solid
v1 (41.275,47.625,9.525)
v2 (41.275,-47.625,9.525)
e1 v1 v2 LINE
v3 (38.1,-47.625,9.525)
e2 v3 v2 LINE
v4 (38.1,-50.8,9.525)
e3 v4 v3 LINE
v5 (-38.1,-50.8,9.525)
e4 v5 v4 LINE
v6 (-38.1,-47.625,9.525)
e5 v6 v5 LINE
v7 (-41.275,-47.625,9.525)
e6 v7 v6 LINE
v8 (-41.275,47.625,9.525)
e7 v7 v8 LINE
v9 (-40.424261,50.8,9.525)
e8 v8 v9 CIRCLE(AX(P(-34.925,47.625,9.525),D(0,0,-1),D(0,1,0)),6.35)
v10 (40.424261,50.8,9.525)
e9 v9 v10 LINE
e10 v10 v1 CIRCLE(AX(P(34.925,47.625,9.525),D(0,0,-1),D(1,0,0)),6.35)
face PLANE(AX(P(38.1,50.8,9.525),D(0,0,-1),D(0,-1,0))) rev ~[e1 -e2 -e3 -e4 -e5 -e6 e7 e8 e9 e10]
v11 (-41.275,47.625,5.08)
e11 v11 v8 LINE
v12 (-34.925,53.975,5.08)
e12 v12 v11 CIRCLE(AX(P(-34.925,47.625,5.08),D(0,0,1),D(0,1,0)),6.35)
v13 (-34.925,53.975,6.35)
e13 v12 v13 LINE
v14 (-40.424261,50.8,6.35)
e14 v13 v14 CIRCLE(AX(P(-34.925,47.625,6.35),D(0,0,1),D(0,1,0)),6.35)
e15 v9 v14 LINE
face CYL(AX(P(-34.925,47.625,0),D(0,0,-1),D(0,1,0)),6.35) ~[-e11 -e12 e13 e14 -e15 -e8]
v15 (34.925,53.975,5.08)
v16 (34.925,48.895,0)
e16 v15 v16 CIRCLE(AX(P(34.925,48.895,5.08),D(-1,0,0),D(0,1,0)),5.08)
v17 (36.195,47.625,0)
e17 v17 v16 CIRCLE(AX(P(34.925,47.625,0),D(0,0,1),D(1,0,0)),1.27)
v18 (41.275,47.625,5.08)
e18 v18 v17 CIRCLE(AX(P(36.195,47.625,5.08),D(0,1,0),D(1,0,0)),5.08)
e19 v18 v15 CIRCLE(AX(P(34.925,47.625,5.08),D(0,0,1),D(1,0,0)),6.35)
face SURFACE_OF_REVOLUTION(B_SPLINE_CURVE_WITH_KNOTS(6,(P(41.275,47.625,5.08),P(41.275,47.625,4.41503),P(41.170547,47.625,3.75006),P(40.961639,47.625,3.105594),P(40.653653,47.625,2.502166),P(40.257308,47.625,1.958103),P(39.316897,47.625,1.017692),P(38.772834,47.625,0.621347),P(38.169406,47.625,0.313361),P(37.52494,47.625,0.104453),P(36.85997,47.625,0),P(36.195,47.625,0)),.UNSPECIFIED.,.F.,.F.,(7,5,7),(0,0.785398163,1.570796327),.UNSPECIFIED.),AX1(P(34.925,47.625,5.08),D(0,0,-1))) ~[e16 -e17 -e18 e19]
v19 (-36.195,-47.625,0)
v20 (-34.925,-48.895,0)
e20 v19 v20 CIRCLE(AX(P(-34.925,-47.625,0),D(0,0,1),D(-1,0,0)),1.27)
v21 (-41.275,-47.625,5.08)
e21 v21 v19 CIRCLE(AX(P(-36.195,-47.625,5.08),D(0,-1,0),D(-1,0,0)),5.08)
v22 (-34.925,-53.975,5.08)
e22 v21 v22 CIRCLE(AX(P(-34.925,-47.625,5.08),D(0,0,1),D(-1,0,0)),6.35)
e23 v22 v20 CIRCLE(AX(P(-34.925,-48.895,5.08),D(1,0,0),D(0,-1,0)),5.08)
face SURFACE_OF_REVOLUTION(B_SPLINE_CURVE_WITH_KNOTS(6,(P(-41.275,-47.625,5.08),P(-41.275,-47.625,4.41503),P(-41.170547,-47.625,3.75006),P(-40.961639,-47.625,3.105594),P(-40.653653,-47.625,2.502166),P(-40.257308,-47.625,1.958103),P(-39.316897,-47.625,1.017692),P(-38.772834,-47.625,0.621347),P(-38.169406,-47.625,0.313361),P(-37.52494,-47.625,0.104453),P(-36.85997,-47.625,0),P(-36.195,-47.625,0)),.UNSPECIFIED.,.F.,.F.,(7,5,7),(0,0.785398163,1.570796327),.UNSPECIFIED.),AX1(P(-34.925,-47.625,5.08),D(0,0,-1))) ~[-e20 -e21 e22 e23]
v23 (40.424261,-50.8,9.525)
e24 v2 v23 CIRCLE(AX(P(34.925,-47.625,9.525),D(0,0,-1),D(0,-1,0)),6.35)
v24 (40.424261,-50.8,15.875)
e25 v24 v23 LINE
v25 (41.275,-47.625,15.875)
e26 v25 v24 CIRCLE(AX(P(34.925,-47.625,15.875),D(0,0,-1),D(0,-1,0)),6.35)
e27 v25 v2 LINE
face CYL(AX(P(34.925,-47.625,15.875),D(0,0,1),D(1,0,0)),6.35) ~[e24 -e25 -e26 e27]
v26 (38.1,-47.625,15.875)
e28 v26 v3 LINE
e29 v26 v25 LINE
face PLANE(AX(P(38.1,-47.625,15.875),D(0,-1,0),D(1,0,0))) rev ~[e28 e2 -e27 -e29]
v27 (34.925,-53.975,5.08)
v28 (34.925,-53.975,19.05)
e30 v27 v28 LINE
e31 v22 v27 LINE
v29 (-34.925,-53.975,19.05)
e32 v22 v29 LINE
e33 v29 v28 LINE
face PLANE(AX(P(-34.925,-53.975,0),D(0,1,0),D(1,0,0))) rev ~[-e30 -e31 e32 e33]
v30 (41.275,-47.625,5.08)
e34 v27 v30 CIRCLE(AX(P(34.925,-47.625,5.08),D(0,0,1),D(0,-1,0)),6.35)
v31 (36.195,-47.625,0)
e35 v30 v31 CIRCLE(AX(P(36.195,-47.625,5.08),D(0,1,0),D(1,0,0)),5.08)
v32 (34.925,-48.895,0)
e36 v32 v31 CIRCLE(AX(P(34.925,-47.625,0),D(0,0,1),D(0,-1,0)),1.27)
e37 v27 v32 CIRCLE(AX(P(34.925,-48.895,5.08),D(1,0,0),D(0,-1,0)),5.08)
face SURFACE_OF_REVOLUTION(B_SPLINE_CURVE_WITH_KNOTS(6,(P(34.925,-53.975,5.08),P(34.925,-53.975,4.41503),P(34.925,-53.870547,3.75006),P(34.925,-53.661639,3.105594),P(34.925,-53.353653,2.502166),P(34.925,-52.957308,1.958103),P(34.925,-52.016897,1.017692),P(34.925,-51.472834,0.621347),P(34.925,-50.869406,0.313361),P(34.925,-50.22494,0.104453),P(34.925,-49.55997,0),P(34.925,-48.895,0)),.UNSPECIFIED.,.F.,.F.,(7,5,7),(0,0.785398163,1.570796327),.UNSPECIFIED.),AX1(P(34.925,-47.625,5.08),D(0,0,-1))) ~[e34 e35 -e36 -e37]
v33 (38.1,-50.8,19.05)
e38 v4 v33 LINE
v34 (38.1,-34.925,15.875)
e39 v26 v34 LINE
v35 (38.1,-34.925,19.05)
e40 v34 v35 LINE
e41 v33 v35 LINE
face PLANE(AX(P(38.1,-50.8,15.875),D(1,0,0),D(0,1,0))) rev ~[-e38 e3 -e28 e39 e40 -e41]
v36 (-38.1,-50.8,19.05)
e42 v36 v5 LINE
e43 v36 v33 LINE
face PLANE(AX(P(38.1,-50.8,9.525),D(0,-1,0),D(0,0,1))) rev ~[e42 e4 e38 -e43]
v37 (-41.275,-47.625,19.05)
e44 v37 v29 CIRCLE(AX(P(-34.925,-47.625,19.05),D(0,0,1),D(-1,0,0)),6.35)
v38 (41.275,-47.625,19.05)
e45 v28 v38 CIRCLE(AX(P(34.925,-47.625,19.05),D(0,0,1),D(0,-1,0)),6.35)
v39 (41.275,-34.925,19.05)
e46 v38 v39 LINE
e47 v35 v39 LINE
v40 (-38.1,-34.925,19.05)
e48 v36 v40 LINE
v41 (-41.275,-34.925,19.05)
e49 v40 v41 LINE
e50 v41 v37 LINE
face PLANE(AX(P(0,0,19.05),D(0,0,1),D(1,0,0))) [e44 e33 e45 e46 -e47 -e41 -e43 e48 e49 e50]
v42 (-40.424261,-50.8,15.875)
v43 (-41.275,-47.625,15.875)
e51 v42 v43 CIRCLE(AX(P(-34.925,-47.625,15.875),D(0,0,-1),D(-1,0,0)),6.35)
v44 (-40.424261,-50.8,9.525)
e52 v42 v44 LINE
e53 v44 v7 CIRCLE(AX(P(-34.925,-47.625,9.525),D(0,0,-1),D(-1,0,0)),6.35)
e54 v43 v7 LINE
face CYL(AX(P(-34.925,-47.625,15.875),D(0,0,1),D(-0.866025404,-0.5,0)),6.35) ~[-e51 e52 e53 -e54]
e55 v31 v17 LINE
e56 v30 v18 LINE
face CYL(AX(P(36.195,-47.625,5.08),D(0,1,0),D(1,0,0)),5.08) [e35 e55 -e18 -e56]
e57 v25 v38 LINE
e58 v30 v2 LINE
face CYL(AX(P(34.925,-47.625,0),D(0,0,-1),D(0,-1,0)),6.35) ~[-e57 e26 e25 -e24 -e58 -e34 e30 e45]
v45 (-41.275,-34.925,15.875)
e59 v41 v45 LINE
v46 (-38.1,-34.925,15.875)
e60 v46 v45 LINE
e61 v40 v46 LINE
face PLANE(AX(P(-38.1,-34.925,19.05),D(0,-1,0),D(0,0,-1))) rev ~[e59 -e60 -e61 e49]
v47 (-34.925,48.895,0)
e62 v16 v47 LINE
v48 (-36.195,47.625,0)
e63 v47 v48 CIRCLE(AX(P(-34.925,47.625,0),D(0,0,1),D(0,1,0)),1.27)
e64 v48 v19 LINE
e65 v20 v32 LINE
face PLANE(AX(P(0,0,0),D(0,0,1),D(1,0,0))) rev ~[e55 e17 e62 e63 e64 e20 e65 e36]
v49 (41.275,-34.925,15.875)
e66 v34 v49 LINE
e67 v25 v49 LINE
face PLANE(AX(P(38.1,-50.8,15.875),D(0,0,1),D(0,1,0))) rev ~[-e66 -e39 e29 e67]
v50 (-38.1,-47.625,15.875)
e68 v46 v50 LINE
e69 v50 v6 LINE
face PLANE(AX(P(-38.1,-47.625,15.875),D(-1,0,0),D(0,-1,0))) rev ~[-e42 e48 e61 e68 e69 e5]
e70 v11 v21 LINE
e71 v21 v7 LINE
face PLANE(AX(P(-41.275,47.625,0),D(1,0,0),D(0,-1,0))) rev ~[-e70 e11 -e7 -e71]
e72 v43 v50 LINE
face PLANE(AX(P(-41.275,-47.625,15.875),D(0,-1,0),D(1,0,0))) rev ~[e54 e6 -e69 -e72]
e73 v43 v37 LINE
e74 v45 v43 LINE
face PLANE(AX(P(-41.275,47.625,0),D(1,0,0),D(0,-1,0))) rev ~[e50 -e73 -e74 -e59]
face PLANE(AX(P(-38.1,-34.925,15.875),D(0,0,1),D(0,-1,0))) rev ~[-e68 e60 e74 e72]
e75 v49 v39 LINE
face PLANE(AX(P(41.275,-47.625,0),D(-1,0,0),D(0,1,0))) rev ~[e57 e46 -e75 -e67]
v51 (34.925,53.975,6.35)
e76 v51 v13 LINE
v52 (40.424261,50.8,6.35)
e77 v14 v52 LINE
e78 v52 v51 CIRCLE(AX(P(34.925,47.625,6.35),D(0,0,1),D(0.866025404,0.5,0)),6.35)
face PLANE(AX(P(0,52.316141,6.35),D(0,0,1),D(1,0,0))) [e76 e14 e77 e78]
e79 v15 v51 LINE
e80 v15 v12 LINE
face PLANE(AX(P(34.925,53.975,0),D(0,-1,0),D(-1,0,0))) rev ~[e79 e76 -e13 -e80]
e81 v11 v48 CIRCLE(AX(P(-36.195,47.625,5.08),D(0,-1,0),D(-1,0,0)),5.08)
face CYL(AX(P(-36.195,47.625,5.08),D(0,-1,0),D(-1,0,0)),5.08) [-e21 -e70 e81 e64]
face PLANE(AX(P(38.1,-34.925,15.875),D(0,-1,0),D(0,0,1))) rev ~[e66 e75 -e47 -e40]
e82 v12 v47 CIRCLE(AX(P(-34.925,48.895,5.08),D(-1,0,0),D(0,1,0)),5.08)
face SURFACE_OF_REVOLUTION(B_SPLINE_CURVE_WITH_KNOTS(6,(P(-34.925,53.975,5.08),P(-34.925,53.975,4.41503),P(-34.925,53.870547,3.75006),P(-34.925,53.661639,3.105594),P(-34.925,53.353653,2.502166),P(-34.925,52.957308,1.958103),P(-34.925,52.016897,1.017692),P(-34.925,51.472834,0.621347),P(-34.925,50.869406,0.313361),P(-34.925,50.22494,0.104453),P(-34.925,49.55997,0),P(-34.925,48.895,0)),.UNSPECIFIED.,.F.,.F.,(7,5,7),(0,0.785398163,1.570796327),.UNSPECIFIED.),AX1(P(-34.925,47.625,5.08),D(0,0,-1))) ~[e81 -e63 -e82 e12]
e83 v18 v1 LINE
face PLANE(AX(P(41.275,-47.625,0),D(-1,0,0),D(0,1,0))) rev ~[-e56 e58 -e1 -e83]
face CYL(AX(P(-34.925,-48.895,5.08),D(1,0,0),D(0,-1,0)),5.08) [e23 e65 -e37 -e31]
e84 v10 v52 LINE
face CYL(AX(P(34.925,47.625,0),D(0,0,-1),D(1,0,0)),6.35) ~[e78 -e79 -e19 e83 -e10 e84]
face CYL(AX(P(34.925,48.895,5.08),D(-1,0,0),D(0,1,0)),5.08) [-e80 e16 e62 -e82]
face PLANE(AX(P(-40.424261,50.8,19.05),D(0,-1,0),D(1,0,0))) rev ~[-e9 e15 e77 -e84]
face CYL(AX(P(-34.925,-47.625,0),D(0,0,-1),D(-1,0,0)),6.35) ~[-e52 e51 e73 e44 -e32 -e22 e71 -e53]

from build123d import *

# Parameters (mm, degrees)
F1_DEPTH  = 19.05
F2_R      = 5.08
F3_W      = 76.2
F3_H      = 101.6
F4_DEPTH  = 9.525
F6_DEPTH  = 12.7
F8_DEPTH  = 25.4
F10_DEPTH = 3.175
F12_DEPTH = 6.35
F14_DEPTH = 6.35


with BuildPart() as f1:
    # F0 (on Top) → F1 (new body)
    with BuildSketch(Plane.XY):
        with BuildLine():
            ThreePointArc((41.275, 47.625), (39.4151280605, 52.1151280605), (34.925, 53.975))
            Line((34.925, 53.975), (-34.925, 53.975))
            ThreePointArc((-34.925, 53.975), (-39.4151280605, 52.1151280605), (-41.275, 47.625))
            Line((-41.275, 47.625), (-41.275, -47.625))
            ThreePointArc((-41.275, -47.625), (-39.4151280605, -52.1151280605), (-34.925, -53.975))
            Line((-34.925, -53.975), (34.925, -53.975))
            ThreePointArc((34.925, -53.975), (39.4151280605, -52.1151280605), (41.275, -47.625))
            Line((41.275, -47.625), (41.275, 47.625))
        make_face()
    extrude(amount=F1_DEPTH)

    # F2
    f2_edges = [f1.edges().sort_by_distance(p)[0] for p in [
        (0, -53.975, 0),
    ]]
    fillet(f2_edges, radius=F2_R)

    # F3 (on face) → F4 (cut)
    with BuildSketch(Plane.XY.offset(19.05)):
        Rectangle(F3_W, F3_H)
    extrude(amount=-F4_DEPTH, mode=Mode.SUBTRACT)

    # F5 (on face) → F6 (cut)
    with BuildSketch(Plane.XY.offset(19.05)):
        with BuildLine():
            ThreePointArc((-34.925, 53.975), (-38.1, 53.124261314), (-40.424261314, 50.8))
            Line((-40.424261314, 50.8), (-38.1, 50.8))
            Line((-38.1, 50.8), (38.1, 50.8))
            Line((38.1, 50.8), (40.424261314, 50.8))
            ThreePointArc((40.424261314, 50.8), (38.1, 53.124261314), (34.925, 53.975))
            Line((34.925, 53.975), (-34.925, 53.975))
        make_face()
    extrude(amount=-F6_DEPTH, mode=Mode.SUBTRACT)

    # F7 (on face) → F8 (cut)
    with BuildSketch(Plane(origin=(38.1, 0, 0), x_dir=(0, -1, 0), z_dir=(-1, 0, 0))):
        Polygon((34.925, 15.875), (34.925, 19.05), (-50.8, 19.05), (-50.8, 9.525), (50.8, 9.525), (50.8, 15.875), align=None)
    extrude(amount=-F8_DEPTH, mode=Mode.SUBTRACT)

    # F9 (on face) → F10 (cut)
    with BuildSketch(Plane.YZ.offset(-38.1)):
        Polygon((50.8, 19.05), (-34.925, 19.05), (-34.925, 15.875), (-50.8, 15.875), (-50.8, 9.525), (50.8, 9.525), align=None)
    extrude(amount=-F10_DEPTH, mode=Mode.SUBTRACT)

    # F11 (on face) → F12 (join)
    with BuildSketch(Plane(origin=(0, 0, 15.875), x_dir=(1, 0, 0), z_dir=(0, 0, -1))):
        with BuildLine():
            Line((38.1, 47.625), (41.275, 47.625))
            ThreePointArc((41.275, 47.625), (41.0586289969, 49.2685009364), (40.424261314, 50.8))
            Line((40.424261314, 50.8), (38.1, 50.8))
            Line((38.1, 50.8), (38.1, 47.625))
        make_face()
    extrude(amount=F12_DEPTH)

    # F13 (on face) → F14 (join)
    with BuildSketch(Plane(origin=(0, 0, 15.875), x_dir=(1, 0, 0), z_dir=(0, 0, -1))):
        with BuildLine():
            ThreePointArc((-40.424261314, 50.8), (-41.0586289969, 49.2685009364), (-41.275, 47.625))
            Line((-41.275, 47.625), (-38.1, 47.625))
            Line((-38.1, 47.625), (-38.1, 50.8))
            Line((-38.1, 50.8), (-40.424261314, 50.8))
        make_face()
    extrude(amount=F14_DEPTH)


solid = f1.part
